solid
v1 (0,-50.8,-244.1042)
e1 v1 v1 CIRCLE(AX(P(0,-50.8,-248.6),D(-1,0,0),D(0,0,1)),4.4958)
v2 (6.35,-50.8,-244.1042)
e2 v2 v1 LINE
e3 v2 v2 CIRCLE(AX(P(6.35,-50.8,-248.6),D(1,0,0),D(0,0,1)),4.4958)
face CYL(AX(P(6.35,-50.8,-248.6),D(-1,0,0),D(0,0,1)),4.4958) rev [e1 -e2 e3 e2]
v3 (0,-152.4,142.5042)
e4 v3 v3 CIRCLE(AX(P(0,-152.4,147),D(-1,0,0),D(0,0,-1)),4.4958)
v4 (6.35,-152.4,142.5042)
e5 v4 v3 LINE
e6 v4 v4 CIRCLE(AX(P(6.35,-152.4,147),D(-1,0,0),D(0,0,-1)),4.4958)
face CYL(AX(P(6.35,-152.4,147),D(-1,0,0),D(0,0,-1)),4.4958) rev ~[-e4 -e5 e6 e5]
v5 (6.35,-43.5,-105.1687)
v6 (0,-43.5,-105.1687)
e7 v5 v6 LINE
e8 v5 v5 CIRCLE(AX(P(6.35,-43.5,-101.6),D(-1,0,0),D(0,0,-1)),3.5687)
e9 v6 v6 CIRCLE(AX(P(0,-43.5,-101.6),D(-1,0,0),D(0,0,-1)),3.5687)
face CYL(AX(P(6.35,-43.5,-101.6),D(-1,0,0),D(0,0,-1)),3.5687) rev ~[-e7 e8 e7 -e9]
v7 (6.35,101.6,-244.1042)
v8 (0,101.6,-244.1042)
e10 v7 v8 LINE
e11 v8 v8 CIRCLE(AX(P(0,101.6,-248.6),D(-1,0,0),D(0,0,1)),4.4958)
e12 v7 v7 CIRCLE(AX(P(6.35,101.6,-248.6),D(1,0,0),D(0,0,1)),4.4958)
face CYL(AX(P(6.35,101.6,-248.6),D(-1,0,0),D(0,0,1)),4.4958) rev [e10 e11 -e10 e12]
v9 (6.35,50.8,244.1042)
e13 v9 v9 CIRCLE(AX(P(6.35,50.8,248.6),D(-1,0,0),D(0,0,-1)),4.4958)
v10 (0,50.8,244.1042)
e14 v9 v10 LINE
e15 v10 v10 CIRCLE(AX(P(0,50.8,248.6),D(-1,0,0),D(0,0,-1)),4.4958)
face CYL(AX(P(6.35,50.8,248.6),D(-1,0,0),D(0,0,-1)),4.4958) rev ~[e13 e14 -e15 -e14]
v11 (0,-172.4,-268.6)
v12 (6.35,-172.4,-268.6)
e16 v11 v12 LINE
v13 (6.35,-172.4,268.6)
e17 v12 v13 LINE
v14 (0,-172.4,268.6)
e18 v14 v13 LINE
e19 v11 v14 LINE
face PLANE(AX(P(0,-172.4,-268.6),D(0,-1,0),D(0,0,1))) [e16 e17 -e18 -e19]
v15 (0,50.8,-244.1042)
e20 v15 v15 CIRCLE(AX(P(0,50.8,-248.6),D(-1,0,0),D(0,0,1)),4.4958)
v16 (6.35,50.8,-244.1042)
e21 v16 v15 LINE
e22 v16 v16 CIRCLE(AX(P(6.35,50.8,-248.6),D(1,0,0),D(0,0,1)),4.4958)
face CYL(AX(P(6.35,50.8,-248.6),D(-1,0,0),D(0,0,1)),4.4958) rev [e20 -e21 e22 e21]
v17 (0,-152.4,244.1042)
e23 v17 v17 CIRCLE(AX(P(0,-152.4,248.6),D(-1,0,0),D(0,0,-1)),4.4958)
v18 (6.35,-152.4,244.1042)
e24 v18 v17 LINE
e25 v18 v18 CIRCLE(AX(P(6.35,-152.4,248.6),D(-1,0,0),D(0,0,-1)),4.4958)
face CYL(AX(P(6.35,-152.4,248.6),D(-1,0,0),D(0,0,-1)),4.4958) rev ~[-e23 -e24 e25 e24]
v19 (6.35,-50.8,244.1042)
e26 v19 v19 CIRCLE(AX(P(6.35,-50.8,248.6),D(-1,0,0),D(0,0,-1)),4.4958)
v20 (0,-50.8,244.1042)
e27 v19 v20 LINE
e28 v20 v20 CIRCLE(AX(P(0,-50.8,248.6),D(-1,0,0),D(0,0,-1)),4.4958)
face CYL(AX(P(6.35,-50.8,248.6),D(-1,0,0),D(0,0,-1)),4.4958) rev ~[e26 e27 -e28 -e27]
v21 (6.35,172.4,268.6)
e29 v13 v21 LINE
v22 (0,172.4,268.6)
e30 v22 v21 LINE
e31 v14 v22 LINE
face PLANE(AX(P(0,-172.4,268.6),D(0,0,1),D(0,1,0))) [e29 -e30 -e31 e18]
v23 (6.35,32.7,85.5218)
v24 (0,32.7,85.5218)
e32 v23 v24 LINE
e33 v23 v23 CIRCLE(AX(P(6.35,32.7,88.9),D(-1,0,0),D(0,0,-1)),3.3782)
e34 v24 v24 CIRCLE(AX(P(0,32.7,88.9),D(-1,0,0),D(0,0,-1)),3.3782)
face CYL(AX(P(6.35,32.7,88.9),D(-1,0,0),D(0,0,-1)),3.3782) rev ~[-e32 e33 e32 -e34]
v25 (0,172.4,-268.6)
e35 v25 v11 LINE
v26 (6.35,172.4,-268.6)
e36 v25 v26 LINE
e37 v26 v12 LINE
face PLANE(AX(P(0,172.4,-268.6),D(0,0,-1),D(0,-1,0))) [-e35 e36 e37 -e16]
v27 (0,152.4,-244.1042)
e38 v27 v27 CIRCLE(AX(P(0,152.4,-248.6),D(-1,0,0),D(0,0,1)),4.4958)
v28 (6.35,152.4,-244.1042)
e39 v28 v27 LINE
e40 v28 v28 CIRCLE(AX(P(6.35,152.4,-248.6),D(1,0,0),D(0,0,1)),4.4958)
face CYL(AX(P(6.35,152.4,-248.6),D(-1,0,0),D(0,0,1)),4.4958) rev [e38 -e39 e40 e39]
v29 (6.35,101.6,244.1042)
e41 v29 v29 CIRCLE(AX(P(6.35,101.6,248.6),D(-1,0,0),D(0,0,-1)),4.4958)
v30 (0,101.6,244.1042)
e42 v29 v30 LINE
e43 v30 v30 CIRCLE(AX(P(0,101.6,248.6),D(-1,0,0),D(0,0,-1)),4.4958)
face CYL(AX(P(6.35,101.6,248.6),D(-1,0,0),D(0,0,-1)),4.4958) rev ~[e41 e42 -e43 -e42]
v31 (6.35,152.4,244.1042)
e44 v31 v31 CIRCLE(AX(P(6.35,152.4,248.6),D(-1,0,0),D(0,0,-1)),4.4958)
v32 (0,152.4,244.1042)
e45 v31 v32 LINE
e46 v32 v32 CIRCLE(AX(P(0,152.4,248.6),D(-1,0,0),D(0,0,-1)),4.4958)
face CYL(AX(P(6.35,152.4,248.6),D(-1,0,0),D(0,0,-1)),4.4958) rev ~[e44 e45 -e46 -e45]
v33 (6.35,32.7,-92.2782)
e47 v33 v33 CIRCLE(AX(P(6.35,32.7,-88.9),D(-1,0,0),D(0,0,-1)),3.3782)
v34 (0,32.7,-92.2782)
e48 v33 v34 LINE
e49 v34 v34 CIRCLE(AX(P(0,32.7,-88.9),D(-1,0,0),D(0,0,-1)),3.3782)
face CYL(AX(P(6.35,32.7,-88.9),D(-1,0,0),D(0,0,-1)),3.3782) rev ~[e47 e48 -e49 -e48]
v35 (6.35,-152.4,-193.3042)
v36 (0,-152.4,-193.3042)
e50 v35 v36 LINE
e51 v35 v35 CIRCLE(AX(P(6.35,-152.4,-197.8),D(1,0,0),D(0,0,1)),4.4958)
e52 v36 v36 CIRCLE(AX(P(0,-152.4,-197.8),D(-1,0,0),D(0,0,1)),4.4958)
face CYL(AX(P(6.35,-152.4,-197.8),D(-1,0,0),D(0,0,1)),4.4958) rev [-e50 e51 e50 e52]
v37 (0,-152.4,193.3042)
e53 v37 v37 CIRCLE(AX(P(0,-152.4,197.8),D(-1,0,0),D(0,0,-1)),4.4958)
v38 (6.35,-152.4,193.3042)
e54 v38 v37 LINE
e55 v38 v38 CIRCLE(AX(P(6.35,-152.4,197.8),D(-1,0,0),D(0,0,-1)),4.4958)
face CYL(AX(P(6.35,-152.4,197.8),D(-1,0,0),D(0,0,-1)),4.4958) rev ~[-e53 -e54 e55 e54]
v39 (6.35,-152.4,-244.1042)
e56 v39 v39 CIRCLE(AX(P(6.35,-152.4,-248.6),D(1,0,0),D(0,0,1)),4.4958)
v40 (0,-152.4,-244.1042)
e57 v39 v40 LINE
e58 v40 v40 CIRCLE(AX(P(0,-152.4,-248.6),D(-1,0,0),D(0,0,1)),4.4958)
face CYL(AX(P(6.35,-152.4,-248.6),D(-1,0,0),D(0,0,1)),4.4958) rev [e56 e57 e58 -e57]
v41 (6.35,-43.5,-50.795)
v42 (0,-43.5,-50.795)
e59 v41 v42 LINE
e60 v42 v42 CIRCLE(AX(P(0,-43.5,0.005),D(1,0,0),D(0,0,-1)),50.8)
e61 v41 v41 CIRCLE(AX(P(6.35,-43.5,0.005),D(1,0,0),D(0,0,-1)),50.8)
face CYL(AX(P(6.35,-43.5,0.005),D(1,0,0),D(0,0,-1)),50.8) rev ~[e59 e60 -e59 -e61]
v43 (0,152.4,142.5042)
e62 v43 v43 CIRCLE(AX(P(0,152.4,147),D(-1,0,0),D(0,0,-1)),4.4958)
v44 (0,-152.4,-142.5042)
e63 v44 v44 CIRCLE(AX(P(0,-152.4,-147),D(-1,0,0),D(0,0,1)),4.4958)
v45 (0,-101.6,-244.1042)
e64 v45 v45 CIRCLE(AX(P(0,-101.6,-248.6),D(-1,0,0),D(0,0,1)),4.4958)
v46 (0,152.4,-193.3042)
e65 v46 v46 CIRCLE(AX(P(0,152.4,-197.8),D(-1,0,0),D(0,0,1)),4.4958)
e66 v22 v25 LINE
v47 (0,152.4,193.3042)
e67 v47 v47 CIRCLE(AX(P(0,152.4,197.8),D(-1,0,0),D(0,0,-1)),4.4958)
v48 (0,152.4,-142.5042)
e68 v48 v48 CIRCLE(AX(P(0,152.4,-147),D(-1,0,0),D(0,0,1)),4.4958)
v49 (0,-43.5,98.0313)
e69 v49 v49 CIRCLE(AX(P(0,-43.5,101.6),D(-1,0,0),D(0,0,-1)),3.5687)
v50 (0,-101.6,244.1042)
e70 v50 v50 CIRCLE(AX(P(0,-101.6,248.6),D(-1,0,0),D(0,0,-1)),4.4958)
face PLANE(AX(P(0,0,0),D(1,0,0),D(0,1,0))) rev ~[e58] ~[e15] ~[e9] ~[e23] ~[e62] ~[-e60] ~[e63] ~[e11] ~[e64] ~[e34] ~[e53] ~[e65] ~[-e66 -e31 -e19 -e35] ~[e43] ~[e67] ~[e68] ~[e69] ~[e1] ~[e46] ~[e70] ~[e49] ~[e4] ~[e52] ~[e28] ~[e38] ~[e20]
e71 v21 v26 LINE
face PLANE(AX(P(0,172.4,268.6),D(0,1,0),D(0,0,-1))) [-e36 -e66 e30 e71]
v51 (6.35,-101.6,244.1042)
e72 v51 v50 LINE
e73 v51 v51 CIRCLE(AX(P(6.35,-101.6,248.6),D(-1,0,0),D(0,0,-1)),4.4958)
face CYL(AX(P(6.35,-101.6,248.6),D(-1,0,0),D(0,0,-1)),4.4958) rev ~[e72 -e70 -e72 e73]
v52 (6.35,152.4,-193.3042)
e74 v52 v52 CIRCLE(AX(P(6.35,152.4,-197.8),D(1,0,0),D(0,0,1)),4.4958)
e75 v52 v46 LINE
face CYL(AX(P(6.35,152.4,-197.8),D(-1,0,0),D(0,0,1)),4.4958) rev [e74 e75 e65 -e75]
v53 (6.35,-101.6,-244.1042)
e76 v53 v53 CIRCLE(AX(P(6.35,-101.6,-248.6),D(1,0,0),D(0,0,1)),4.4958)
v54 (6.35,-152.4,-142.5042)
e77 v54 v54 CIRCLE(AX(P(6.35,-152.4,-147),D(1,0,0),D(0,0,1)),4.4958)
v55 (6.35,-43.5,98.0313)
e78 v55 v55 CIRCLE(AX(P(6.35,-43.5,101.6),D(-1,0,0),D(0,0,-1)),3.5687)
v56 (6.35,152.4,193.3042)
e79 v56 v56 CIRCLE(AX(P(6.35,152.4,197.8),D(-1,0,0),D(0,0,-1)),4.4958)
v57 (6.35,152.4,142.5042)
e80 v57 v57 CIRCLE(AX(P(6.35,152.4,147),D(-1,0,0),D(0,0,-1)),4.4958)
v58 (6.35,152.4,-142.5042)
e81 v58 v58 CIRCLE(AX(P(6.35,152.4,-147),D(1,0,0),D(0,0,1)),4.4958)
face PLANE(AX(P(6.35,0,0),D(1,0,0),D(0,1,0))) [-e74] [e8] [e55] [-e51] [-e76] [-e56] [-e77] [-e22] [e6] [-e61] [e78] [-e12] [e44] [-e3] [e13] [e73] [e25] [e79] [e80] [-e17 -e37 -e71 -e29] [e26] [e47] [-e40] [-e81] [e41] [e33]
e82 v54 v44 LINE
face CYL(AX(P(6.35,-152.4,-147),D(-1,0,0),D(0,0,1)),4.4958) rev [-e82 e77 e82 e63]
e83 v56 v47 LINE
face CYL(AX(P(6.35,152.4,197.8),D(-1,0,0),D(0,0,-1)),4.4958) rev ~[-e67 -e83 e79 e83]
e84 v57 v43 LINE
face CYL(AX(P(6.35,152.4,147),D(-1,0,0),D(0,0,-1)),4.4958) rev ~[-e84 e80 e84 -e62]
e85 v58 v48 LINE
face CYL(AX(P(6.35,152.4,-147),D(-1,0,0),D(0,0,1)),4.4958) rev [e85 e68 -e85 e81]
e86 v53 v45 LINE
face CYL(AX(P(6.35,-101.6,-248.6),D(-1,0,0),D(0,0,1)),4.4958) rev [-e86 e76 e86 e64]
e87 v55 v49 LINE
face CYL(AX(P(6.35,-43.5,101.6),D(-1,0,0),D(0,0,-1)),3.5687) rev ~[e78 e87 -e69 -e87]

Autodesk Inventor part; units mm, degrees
ref_plane "YZ Plane" through (0, 0, 0) normal (1, 0, 0) x (0, 1, 0)
ref_plane "XZ Plane" through (0, 0, 0) normal (0, 1, 0) x (-1, 0, 0)
ref_plane "XY Plane" through (0, 0, 0) normal (0, 0, 1) x (1, 0, 0)
sketch "Sketch1" plane through (0, 0, 0) normal (1, 0, 0) x (0, 1, 0)
  line L0 (-172.4, 268.6) -> (172.4, 268.6)
  line L1 (172.4, 268.6) -> (172.4, -268.6)
  line L2 (172.4, -268.6) -> (-172.4, -268.6)
  line L3 (-172.4, -268.6) -> (-172.4, 268.6)
  point P0 (0, 0)
  dimension "d0" = 537.2
  dimension "d1" = 344.8
  dimension "d96" = 268.6
  dimension "d97" = 172.4
extrude "Extrusion1" add sketch "Sketch1" along normal blind 6.35
sketch "Sketch2" plane through (6.35, 0, 0) normal (1, 0, 0) x (0, 0, -1)
  circle A0 centre (-0.005, -43.5) radius 50.8
  line L0 (-268.6, 172.4) -> (-268.6, -172.4) projected
  line L1 (268.6, -172.4) -> (268.6, 172.4) projected
  line L2 (268.6, 172.4) -> (-268.6, 172.4) projected
  line L3 (-268.6, -172.4) -> (268.6, -172.4) projected
  dimension "d6" = 101.6
  dimension "d51" = 268.605
  dimension "d65" = 215.9
extrude "Extrusion2" cut sketch "Sketch2" against normal through all contours A0
sketch "Sketch5" plane through (6.35, 0, 0) normal (1, 0, 0) x (0, 0, -1)
  line L0 (-101.6, -43.5) -> (101.6, -43.5) construction
  circle A0 centre (-0.005, -43.5) radius 37.8815 construction
  circle A1 centre (-0.005, -43.5) radius 50.8 projected
  point P0 (0, 0)
  dimension "d62" = 203.2
  dimension "d63" = 101.6
  dimension "d64" = 75.7631
hole "Hole1" at (6.35, -43.5, 101.6) at (6.35, -43.5, -101.6) direction (-1, 0, 0) diameter 7.1374 end through all clearance for "Socket Head Cap Screw" size "1/4" standard "Ansi Unified Screw Threads"
sketch "Sketch6" plane through (6.35, 0, 0) normal (1, 0, 0) x (0, 0, -1)
  line L0 (-88.9, 32.7) -> (88.9, 32.7) construction
  circle A0 centre (-0.005, -43.5) radius 50.8 projected
  point P0 (0, 0)
  dimension "d73" = 177.8
  dimension "d75" = 88.9
  dimension "d76" = 76.2
hole "Hole2" at (6.35, 32.7, 88.9) at (6.35, 32.7, -88.9) direction (-1, 0, 0) diameter 6.7564 end through all clearance for "Socket Head Cap Screw" size "1/4" standard "Ansi Unified Screw Threads"
sketch "Sketch7" plane through (6.35, 0, 0) normal (1, 0, 0) x (0, 0, -1)
  line L0 (268.6, 172.4) -> (-268.6, 172.4) projected
  line L1 (-268.6, 172.4) -> (-268.6, -172.4) projected
  line L2 (-268.6, -172.4) -> (268.6, -172.4) projected
  point P0 (0, 0)
  point P1 (-248.6, 152.4)
  point P2 (-248.6, 101.6)
  point P3 (-197.8, 152.4)
  point P4 (-147, 152.4)
  point P5 (-248.6, 50.8)
  point P6 (-248.6, -50.8)
  point P7 (-248.6, -101.6)
  point P8 (-248.6, -152.4)
  point P9 (-197.8, -152.4)
  point P10 (-147, -152.4)
  dimension "d84" = 20
  dimension "d85" = 20
  dimension "d86" = 50.8
  dimension "d87" = 50.8
  dimension "d88" = 50.8
  dimension "d89" = 50.8
  dimension "d90" = 20
  dimension "d91" = 20
  dimension "d92" = 50.8
  dimension "d93" = 50.8
  dimension "d94" = 50.8
  dimension "d95" = 50.8
hole "Hole3" at (6.35, 152.4, 248.6) at (6.35, 101.6, 248.6) at (6.35, 152.4, 197.8) at (6.35, 152.4, 147) at (6.35, 50.8, 248.6) at (6.35, -50.8, 248.6) at (6.35, -101.6, 248.6) at (6.35, -152.4, 248.6) at (6.35, -152.4, 197.8) at (6.35, -152.4, 147) direction (-1, 0, 0) diameter 8.9916 end through all clearance for "Socket Head Cap Screw" size "M8" standard "Ansi Metric M Profile"
mirror "Mirror1" about plane through (0, 0, 0) normal (0, 0, 1) of "Hole3"
equation "\"d96\" = 0.5 * d0"
equation "\"d97\" = 0.5 * d1"
equation "\"d75\" = 0.5 * d73"
equation "\"d93\" = d92"
equation "\"d94\" = d92"
equation "\"d95\" = d94"
properties part number "ODSY-0007-001" material "Aluminum 6061"
